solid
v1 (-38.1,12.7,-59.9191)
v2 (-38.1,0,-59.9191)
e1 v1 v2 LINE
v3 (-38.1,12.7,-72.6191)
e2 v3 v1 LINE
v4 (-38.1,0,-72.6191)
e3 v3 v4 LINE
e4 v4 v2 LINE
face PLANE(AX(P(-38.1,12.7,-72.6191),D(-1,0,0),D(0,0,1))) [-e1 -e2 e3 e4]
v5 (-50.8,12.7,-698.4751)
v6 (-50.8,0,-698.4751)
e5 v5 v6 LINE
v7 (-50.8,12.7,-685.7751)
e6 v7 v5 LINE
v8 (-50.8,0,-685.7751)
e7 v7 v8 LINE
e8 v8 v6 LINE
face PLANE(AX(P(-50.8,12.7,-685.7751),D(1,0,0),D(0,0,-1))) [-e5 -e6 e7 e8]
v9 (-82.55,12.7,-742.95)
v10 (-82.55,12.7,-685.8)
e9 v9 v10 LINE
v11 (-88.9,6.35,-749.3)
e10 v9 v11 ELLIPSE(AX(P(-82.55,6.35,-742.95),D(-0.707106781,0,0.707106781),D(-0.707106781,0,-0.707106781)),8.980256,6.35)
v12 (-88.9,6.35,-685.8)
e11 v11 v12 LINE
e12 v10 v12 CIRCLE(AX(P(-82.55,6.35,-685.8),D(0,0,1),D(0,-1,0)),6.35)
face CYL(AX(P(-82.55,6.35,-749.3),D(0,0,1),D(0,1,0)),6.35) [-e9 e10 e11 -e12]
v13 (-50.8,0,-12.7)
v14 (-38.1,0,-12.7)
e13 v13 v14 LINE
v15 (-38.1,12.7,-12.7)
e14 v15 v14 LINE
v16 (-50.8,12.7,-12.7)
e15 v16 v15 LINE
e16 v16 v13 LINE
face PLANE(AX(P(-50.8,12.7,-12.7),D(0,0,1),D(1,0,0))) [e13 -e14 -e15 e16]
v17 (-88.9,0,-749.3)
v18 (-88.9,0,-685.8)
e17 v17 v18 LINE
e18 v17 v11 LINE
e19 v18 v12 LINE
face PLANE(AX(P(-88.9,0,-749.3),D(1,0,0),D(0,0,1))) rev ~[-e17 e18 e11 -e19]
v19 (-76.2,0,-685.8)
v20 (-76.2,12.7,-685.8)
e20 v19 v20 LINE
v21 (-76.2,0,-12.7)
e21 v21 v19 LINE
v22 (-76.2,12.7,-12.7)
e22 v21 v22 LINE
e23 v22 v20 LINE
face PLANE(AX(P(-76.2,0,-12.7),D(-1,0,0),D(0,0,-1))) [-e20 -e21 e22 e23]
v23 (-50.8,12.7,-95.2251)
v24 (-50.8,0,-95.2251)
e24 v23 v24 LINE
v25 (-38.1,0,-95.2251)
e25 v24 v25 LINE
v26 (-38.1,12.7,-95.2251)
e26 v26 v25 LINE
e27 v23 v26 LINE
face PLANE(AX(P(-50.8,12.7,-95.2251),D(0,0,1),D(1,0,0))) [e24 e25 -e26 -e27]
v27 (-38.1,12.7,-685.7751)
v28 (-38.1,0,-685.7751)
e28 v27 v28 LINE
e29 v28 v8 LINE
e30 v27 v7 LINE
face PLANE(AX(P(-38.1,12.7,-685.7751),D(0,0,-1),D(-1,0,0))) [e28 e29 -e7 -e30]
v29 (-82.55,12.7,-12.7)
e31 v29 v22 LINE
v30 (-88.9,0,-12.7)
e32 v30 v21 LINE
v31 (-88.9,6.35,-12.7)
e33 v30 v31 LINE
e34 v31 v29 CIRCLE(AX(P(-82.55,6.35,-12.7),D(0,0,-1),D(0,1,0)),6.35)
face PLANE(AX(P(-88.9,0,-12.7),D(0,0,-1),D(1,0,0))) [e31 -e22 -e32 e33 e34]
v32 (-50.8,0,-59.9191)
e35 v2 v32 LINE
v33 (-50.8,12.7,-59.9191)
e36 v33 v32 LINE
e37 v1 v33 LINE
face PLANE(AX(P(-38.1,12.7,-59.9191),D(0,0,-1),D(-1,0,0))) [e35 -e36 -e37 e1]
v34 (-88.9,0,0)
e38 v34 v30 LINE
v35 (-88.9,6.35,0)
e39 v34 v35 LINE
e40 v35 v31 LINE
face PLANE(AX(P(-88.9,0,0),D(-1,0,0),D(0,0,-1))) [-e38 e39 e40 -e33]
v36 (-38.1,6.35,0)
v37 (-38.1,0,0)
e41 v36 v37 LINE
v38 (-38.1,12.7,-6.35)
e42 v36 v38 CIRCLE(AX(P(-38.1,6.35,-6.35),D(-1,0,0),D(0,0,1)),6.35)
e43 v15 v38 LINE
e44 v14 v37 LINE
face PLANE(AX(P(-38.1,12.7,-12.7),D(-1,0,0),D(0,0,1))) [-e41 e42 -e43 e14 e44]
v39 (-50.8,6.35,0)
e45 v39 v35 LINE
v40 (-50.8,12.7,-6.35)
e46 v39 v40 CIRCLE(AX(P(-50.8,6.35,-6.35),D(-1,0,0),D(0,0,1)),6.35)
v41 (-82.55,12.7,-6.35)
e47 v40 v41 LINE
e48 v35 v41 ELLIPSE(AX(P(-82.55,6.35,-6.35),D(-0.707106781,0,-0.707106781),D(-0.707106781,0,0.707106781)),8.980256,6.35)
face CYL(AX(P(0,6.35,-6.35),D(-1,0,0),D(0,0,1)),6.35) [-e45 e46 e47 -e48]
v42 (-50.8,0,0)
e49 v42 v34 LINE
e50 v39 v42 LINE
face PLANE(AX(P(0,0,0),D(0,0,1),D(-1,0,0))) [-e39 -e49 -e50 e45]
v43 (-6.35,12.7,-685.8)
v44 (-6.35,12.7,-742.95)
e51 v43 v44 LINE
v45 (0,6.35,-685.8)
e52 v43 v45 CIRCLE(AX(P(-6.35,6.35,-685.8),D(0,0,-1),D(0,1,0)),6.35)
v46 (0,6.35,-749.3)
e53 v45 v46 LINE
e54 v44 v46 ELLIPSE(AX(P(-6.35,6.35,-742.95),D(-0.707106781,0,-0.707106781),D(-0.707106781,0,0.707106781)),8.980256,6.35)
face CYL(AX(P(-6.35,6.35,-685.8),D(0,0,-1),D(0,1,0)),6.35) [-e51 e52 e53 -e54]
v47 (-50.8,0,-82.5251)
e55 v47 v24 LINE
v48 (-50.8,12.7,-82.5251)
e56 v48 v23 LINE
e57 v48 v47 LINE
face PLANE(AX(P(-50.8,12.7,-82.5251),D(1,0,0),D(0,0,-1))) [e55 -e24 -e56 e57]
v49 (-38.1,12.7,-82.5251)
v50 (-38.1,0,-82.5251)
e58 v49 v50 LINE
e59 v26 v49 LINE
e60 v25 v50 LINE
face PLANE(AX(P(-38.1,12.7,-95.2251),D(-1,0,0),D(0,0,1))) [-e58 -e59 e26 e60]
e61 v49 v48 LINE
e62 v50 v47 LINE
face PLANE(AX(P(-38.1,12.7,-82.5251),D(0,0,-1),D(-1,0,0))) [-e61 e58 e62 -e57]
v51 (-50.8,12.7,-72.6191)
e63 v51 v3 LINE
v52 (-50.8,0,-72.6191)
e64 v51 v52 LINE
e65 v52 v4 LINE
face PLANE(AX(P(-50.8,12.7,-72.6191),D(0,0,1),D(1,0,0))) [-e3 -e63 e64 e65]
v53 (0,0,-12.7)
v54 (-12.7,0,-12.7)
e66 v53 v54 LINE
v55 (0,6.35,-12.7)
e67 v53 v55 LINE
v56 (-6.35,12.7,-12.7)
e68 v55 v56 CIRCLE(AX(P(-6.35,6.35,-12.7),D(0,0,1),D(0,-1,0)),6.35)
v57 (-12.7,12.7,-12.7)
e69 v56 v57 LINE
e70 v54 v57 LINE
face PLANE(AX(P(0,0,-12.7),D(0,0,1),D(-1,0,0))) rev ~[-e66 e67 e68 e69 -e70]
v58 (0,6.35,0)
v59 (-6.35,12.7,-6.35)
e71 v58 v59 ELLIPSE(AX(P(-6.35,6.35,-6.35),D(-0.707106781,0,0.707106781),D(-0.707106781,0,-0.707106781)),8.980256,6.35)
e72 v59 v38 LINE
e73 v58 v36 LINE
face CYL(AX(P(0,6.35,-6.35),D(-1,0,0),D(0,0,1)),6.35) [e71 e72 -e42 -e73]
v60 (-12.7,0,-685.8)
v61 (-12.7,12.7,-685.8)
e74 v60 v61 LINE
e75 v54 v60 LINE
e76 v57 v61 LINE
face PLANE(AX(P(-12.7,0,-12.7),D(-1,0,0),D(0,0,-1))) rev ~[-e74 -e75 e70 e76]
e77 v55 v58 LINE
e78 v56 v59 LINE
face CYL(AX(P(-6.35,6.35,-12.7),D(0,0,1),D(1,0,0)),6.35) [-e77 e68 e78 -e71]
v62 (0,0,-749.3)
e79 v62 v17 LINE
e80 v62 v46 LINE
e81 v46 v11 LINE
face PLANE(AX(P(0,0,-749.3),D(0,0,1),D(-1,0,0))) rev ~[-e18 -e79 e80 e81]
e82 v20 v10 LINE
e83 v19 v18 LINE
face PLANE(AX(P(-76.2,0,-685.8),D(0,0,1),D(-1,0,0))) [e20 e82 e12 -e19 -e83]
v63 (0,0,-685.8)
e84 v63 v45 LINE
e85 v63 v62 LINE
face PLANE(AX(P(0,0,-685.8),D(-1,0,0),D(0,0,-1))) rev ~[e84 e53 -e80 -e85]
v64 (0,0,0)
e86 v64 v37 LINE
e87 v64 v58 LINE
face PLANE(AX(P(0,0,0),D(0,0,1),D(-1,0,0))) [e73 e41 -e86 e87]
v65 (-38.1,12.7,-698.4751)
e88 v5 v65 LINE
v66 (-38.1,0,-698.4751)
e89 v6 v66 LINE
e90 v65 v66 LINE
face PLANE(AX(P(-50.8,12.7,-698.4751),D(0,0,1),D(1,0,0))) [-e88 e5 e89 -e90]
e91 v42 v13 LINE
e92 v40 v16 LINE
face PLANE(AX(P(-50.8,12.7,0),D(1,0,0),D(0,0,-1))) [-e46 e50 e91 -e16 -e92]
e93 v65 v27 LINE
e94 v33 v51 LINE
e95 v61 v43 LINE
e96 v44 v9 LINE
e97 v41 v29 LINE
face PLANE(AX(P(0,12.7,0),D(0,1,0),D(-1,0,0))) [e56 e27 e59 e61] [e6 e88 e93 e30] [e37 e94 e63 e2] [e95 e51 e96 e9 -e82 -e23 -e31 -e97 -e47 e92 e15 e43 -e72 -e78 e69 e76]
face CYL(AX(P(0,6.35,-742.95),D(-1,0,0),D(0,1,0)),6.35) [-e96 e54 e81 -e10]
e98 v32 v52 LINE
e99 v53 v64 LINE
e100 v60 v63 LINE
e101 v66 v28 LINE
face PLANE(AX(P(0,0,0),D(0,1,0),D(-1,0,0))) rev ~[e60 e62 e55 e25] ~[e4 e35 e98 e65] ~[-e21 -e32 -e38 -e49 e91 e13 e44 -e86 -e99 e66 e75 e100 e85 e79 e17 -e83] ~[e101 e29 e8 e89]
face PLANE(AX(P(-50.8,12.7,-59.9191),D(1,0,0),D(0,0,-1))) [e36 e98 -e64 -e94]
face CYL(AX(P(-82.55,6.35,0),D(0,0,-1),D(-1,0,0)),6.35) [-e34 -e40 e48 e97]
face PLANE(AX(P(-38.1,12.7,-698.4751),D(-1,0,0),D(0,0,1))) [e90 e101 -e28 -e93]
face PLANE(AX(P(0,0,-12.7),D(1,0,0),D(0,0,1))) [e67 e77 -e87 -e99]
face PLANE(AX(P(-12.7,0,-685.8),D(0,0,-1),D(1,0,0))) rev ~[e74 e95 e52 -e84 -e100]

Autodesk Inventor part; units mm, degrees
ref_plane "YZ Plane" through (0, 0, 0) normal (1, 0, 0) x (0, 1, 0)
ref_plane "XZ Plane" through (0, 0, 0) normal (0, 1, 0) x (-1, 0, 0)
ref_plane "XY Plane" through (0, 0, 0) normal (0, 0, 1) x (1, 0, 0)
sketch "Sketch1" plane through (0, 0, 0) normal (0, 1, 0) x (-1, 0, 0)
  line L0 (0, 0) -> (88.9, 0)
  line L1 (88.9, 0) -> (76.2, 0) construction
  line L2 (76.2, 0) -> (76.2, -12.7) construction
  line L3 (76.2, -12.7) -> (88.9, -12.7) construction
  line L4 (88.9, -12.7) -> (88.9, 0) construction
  line L5 (0, -349.25) -> (88.9, -349.25) construction
  line L6 (88.9, -698.5) -> (76.2, -698.5) construction
  line L7 (76.2, -698.5) -> (76.2, -685.8) construction
  line L8 (76.2, -685.8) -> (88.9, -685.8) construction
  line L9 (0, 0) -> (12.7, 0) construction
  line L10 (12.7, 0) -> (12.7, -12.7) construction
  line L11 (12.7, -12.7) -> (0, -12.7) construction
  line L12 (0, -12.7) -> (0, 0) construction
  line L13 (0, -698.5) -> (12.7, -698.5) construction
  line L14 (12.7, -698.5) -> (12.7, -685.8) construction
  line L15 (12.7, -685.8) -> (0, -685.8) construction
  line L16 (88.9, -12.7) -> (76.2, -12.7)
  line L17 (76.2, -12.7) -> (76.2, -685.8)
  line L18 (76.2, -685.8) -> (88.9, -685.8)
  line L19 (12.7, -685.8) -> (0, -685.8)
  line L20 (0, -12.7) -> (12.7, -12.7)
  line L21 (12.7, -12.7) -> (12.7, -685.8)
  line L22 (0, -12.7) -> (0, 0)
  line L23 (88.9, 0) -> (88.9, -12.7)
  line L24 (0, -685.8) -> (0, -749.3)
  line L25 (0, -749.3) -> (88.9, -749.3)
  line L26 (88.9, -749.3) -> (88.9, -685.8)
  dimension "d2" = 12.7
  dimension "d3" = 12.7
  dimension "d8" = 88.9
  dimension "d10" = 63.5
extrude "Extrusion1" add sketch "Sketch1" along normal blind 12.7
fillet "Fillet1" radius 6.35 3 edges at (-44.45, 12.7, 0) (-88.9, 12.7, -6.35) (0, 12.7, -6.35)
fillet "Fillet3" radius 6.35 3 edges at (-44.45, 12.7, -749.3) (-88.9, 12.7, -717.55) (0, 12.7, -717.55)
sketch "Sketch2" plane through (0, 12.7, 0) normal (0, 1, 0) x (1, 0, 0)
  line L0 (-88.9, 749.3) -> (0, 749.3) construction
  line L1 (-44.45, 749.2751) -> (-44.45, 698.4751) construction
  line L2 (-44.45, 749.2751) -> (6.35, 749.2751) construction
  line L3 (-44.45, 698.4751) -> (-50.8, 698.4751) construction
  line L4 (-44.45, 698.4751) -> (-38.1, 698.4751) construction
  line L5 (-50.8, 698.4751) -> (-38.1, 698.4751)
  line L6 (-38.1, 698.4751) -> (-38.1, 685.7751)
  line L7 (-38.1, 685.7751) -> (-50.8, 685.7751)
  line L8 (-50.8, 685.7751) -> (-50.8, 698.4751)
  line L9 (-44.45, 685.7751) -> (-44.45, 95.2251) construction
  line L10 (-44.45, 95.2251) -> (-50.8, 95.2251) construction
  line L11 (-44.45, 95.2251) -> (-38.1, 95.2251) construction
  line L12 (-50.8, 95.2251) -> (-38.1, 95.2251)
  line L13 (-38.1, 95.2251) -> (-38.1, 82.5251)
  line L14 (-38.1, 82.5251) -> (-50.8, 82.5251)
  line L15 (-50.8, 82.5251) -> (-50.8, 95.2251)
  line L16 (-44.45, 82.5251) -> (-44.45, 72.6191) construction
  line L17 (-44.45, 82.5251) -> (-34.544, 82.5251) construction
  line L18 (-44.45, 72.6191) -> (-50.8, 72.6191) construction
  line L19 (-44.45, 72.6191) -> (-38.1, 72.6191) construction
  line L20 (-50.8, 72.6191) -> (-38.1, 72.6191)
  line L21 (-38.1, 72.6191) -> (-38.1, 59.9191)
  line L22 (-38.1, 59.9191) -> (-50.8, 59.9191)
  line L23 (-50.8, 59.9191) -> (-50.8, 72.6191)
  line L24 (-44.45, 59.9191) -> (-44.45, 12.6751) construction
  line L25 (-88.9, 0) -> (0, 0) construction
  line L26 (-44.45, 0) -> (-38.1, 0) construction
  line L27 (-44.45, 0) -> (-38.1, 0) construction
  line L28 (-38.1, 0) -> (-50.8, 0)
  line L29 (-50.8, 0) -> (-50.8, 12.7)
  line L30 (-50.8, 12.7) -> (-38.1, 12.7)
  line L31 (-38.1, 12.7) -> (-38.1, 0)
  line L32 (-44.45, 390.5001) -> (67.6838, 390.5001) construction
  dimension "d12" = 50.8
  dimension "d13" = 90
  dimension "d14" = 6.35
  dimension "d15" = 180
  dimension "d16" = 12.7
  dimension "d17" = 12.7
  dimension "d18" = 590.55
  dimension "d20" = 6.35
  dimension "d21" = 180
  dimension "d22" = 12.7
  dimension "d23" = 12.7
  dimension "d24" = 9.906
  dimension "d25" = 90
  dimension "d26" = 6.35
  dimension "d27" = 180
  dimension "d28" = 12.7
  dimension "d29" = 12.7
  dimension "d30" = 6.35
  dimension "d31" = 0
  dimension "d32" = 12.7
  dimension "d33" = 12.7
extrude "Extrusion2" cut sketch "Sketch2" along normal through all both and the other way through all
properties part number "Arm Top" material "PVC-Piping"
